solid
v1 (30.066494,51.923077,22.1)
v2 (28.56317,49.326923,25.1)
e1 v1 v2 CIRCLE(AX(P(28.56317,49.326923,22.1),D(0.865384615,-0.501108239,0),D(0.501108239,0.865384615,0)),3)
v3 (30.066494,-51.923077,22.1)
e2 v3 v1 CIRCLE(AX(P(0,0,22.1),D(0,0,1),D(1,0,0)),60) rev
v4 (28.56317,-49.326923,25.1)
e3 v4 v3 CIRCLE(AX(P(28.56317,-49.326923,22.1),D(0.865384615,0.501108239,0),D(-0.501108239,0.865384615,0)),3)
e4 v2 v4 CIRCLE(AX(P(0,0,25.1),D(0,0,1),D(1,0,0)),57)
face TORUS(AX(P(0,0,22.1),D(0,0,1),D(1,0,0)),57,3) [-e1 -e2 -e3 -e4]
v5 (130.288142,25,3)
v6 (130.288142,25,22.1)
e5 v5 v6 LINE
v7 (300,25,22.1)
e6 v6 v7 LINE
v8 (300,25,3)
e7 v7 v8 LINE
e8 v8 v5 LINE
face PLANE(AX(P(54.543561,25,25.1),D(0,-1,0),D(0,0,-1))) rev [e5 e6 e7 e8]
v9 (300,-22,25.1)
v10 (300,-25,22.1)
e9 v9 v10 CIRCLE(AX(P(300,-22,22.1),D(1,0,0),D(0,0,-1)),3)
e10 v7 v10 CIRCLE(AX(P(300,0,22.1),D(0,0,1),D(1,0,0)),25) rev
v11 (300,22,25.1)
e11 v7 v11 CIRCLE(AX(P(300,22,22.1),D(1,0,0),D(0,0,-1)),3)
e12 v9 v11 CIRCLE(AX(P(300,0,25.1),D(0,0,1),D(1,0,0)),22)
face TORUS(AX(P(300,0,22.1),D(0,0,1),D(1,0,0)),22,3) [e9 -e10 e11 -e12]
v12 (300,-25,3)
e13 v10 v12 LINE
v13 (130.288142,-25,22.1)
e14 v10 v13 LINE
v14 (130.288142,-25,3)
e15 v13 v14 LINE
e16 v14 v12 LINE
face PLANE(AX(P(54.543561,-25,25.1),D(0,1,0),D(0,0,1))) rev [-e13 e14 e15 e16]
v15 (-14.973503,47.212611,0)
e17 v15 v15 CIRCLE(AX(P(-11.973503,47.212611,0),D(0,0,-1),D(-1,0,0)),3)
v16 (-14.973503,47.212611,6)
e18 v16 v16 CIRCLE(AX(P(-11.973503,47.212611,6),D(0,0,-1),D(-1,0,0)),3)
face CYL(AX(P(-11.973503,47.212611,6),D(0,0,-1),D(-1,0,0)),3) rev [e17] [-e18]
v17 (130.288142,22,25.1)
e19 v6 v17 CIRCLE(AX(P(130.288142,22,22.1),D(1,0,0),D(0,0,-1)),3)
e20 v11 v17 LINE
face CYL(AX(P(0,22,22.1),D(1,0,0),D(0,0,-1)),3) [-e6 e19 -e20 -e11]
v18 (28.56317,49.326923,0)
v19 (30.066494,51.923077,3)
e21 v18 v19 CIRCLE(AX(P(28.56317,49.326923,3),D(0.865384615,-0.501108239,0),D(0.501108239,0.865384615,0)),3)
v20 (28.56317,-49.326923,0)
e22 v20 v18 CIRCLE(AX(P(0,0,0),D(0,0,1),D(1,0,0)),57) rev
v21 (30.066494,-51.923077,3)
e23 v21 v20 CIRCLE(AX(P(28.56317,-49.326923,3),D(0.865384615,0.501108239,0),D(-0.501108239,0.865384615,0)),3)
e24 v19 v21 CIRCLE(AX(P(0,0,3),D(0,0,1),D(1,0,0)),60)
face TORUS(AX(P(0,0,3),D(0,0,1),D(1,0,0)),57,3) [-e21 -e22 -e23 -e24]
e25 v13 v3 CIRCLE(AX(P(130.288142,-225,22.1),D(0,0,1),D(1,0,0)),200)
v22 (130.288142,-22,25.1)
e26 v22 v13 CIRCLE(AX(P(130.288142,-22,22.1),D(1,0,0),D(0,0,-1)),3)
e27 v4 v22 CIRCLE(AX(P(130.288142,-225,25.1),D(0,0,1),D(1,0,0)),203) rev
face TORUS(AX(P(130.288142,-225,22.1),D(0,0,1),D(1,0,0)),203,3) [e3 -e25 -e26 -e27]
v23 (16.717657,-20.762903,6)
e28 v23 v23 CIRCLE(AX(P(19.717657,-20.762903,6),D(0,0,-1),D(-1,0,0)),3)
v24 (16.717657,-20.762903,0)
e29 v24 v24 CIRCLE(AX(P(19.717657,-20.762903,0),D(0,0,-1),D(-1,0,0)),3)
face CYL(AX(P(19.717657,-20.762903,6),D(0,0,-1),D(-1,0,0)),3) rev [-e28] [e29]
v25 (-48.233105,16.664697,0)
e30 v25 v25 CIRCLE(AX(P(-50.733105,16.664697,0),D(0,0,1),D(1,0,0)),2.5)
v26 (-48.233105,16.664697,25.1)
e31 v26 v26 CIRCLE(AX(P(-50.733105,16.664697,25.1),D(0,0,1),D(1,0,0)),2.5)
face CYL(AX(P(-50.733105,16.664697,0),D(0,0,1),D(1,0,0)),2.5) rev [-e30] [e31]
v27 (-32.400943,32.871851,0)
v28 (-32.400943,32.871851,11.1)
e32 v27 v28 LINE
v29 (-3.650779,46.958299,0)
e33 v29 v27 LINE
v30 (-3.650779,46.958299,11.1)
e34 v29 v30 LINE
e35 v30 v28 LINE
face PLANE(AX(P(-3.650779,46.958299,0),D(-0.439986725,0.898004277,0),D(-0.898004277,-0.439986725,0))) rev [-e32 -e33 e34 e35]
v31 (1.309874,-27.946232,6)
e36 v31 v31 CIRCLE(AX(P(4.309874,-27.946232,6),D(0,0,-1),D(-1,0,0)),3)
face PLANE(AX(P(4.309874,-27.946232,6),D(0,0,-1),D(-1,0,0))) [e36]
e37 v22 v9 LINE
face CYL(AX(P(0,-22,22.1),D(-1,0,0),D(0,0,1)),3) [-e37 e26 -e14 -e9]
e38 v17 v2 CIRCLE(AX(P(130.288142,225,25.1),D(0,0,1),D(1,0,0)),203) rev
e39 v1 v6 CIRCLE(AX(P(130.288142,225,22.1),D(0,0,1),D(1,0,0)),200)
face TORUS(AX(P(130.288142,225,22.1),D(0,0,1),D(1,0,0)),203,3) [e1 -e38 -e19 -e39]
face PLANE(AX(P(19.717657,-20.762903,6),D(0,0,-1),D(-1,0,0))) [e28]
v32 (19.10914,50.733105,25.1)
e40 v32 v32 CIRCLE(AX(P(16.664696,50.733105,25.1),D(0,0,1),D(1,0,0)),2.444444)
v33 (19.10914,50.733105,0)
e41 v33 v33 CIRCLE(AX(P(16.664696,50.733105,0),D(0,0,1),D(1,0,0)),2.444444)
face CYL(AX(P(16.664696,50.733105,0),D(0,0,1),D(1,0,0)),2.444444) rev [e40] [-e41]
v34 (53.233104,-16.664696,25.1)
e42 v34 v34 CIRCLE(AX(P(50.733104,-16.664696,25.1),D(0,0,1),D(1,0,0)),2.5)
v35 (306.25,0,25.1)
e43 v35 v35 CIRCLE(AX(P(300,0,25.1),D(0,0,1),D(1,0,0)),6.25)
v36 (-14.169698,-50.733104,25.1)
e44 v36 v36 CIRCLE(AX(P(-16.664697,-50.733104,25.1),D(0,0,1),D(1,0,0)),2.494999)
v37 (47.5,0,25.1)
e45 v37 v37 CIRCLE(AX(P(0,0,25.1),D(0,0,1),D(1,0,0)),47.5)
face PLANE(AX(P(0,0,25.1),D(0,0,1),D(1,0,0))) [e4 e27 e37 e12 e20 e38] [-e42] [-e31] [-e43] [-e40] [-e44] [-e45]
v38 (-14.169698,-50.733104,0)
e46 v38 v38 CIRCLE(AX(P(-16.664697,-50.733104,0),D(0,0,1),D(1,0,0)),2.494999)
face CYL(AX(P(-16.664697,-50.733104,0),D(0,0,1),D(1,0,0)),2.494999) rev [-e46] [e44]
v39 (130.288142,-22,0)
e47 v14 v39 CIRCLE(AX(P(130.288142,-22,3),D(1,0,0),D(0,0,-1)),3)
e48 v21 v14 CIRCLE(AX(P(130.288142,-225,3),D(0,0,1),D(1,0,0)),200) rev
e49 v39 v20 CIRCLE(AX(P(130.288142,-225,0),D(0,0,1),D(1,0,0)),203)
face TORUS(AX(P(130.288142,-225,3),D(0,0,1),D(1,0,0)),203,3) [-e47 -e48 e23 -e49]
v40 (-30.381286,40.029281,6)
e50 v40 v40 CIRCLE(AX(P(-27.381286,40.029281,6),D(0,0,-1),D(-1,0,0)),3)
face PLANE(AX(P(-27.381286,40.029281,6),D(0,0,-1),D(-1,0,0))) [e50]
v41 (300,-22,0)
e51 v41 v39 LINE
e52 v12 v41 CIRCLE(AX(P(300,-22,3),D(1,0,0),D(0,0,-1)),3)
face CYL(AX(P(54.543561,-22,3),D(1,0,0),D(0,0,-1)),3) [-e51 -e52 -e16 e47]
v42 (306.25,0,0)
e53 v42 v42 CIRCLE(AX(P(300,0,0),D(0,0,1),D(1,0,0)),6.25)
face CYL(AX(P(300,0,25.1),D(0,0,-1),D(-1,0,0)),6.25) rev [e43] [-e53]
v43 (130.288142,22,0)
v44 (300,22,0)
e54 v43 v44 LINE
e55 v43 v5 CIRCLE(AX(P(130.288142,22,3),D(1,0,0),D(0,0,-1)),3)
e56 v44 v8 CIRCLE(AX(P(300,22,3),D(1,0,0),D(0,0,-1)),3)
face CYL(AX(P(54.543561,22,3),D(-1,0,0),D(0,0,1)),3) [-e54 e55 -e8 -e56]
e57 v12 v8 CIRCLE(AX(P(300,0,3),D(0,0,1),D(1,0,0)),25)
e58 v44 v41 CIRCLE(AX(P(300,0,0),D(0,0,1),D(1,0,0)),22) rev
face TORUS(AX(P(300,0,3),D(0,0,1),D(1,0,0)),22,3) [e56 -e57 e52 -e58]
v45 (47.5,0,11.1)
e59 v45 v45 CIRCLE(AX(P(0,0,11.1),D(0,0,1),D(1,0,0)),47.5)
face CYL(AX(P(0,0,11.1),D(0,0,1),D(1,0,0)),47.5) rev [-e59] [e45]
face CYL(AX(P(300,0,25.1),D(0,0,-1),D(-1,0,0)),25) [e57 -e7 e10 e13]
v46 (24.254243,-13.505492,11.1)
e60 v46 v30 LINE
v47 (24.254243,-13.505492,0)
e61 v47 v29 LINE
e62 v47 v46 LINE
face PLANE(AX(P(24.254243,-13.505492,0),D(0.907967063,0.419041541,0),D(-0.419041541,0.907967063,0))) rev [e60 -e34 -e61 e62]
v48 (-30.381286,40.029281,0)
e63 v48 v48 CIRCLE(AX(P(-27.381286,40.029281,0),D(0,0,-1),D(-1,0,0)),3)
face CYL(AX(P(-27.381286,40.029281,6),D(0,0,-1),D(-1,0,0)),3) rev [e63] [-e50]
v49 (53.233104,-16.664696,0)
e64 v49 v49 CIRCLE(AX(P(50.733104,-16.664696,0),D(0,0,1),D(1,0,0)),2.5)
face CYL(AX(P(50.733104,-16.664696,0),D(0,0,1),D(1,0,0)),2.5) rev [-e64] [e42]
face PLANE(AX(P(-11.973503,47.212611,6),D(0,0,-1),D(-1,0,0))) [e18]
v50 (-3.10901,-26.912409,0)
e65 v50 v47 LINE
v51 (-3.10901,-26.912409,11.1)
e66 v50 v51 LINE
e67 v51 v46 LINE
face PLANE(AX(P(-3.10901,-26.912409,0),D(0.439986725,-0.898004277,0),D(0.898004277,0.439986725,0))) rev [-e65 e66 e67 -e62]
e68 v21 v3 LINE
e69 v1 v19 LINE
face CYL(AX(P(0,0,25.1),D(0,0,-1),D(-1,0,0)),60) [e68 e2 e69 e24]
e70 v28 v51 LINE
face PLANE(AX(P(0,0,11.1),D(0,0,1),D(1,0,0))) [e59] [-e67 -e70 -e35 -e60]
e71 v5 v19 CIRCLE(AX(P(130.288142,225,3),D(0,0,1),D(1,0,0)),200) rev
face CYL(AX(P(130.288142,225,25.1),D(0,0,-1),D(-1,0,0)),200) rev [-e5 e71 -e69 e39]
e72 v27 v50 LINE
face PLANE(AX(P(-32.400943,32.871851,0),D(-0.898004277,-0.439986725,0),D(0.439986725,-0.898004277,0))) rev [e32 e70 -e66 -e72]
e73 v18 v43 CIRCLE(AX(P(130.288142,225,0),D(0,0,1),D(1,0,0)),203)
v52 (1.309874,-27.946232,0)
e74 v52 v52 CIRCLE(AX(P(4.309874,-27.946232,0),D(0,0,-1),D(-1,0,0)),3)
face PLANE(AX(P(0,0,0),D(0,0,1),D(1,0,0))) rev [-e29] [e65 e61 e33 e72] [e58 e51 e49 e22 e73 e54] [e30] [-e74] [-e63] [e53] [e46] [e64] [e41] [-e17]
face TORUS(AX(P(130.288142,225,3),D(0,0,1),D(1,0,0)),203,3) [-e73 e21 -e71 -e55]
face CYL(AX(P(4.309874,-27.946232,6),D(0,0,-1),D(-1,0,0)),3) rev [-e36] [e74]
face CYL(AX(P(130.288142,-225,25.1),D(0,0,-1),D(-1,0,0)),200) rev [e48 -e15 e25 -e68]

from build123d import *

# Parameters (mm, degrees)
SKETCH1_R               = 6.25
BOSS_EXTRUDE1_DEPTH     = 25.1
SKETCH3_R               = 47.5
CUT_EXTRUDE2_DEPTH      = 14
CUT_EXTRUDE5_DEPTH      = 332.443826311
CUT_EXTRUDE5_DEPTH_BACK = 332.443826311
SKETCH2_R               = 2.494998654
SKETCH2_R_2             = 2.5
SKETCH2_R_3             = 2.444443829
SKETCH6_R               = 3
CUT_EXTRUDE6_DEPTH      = 6
CUT_EXTRUDE7_DEPTH      = 331.788452035
CUT_EXTRUDE7_DEPTH_BACK = 331.788452035
FILLET1_R               = 200
FILLET2_R               = 3


with BuildPart() as part:
    # Sketch1 → Boss-Extrude1 (new body)
    with BuildSketch(Plane.XY):
        with BuildLine():
            Line((54.543560573, 25), (300, 25))
            ThreePointArc((300, 25), (325, 0), (300, -25))
            Line((300, -25), (54.543560573, -25))
            ThreePointArc((54.543560573, -25), (-60, 0), (54.543560573, 25))
        make_face()
        with Locations((300, 0)):
            Circle(SKETCH1_R, mode=Mode.SUBTRACT)
    extrude(amount=BOSS_EXTRUDE1_DEPTH)

    # Sketch3 → Cut-Extrude2 (cut)
    with BuildSketch(Plane.XY.offset(25.1)):
        Circle(SKETCH3_R)
    extrude(amount=-CUT_EXTRUDE2_DEPTH, mode=Mode.SUBTRACT)

    # Sketch2 → Cut-Extrude5 (cut, two sides: drawn at the far end of the back side and taken through both)
    with BuildSketch(Plane.XY.offset(25.1).offset(-CUT_EXTRUDE5_DEPTH_BACK)):
        with Locations((-16.664697145, -50.733104448)):
            Circle(SKETCH2_R)
        with Locations((-50.733105114, 16.664696544)):
            Circle(SKETCH2_R_2)
        with Locations((16.664695878, 50.733104512)):
            Circle(SKETCH2_R_3)
        with Locations((50.733103846, -16.66469648)):
            Circle(SKETCH2_R_2)
    extrude(amount=CUT_EXTRUDE5_DEPTH + CUT_EXTRUDE5_DEPTH_BACK, mode=Mode.SUBTRACT)

    # Sketch6 → Cut-Extrude6 (cut)
    with BuildSketch(Plane(origin=(0, 0, 0), x_dir=(-1, 0, 0), z_dir=(0, 0, -1))):
        with Locations((11.973502988, 47.212610548)):
            Circle(SKETCH6_R)
        with Locations((27.381285989, 40.029281029)):
            Circle(SKETCH6_R)
        with Locations((-19.717656658, -20.762902692)):
            Circle(SKETCH6_R)
        with Locations((-4.309873657, -27.946232212)):
            Circle(SKETCH6_R)
    extrude(amount=-CUT_EXTRUDE6_DEPTH, mode=Mode.SUBTRACT)

    # Sketch7 → Cut-Extrude7 (cut, two sides: drawn at the far end of the back side and taken through both)
    with BuildSketch(Plane.XY.offset(11.1).offset(-CUT_EXTRUDE7_DEPTH_BACK)):
        Polygon((-32.400942803, 32.871850778), (-3.10901045, -26.912408633), (24.254242539, -13.505492441), (-3.650778768, 46.958298756), align=None)
    extrude(amount=CUT_EXTRUDE7_DEPTH + CUT_EXTRUDE7_DEPTH_BACK, mode=Mode.SUBTRACT)

    # Fillet1
    fillet1_edges = [part.edges().sort_by_distance(p)[0] for p in [
        (54.543560573, 25, 12.55),
        (54.543560573, -25, 12.55),
    ]]
    fillet(fillet1_edges, radius=FILLET1_R)

    # Fillet2
    fillet2_edges = [part.edges().sort_by_distance(p)[0] for p in [
        (325, 0, 25.1),
        (215.144071104, 25, 25.1),
        (215.144071104, 25, 0),
        (325, 0, 0),
        (215.144071104, -25, 0),
        (215.144071104, -25, 25.1),
        (-60, 0, 0),
        (-60, 0, 25.1),
        (78.400690042, -31.848007239, 0),
        (78.400690042, -31.848007239, 25.1),
        (78.400690042, 31.848007239, 0),
        (78.400690042, 31.848007239, 25.1),
    ]]
    fillet(fillet2_edges, radius=FILLET2_R)


solid = part.part
